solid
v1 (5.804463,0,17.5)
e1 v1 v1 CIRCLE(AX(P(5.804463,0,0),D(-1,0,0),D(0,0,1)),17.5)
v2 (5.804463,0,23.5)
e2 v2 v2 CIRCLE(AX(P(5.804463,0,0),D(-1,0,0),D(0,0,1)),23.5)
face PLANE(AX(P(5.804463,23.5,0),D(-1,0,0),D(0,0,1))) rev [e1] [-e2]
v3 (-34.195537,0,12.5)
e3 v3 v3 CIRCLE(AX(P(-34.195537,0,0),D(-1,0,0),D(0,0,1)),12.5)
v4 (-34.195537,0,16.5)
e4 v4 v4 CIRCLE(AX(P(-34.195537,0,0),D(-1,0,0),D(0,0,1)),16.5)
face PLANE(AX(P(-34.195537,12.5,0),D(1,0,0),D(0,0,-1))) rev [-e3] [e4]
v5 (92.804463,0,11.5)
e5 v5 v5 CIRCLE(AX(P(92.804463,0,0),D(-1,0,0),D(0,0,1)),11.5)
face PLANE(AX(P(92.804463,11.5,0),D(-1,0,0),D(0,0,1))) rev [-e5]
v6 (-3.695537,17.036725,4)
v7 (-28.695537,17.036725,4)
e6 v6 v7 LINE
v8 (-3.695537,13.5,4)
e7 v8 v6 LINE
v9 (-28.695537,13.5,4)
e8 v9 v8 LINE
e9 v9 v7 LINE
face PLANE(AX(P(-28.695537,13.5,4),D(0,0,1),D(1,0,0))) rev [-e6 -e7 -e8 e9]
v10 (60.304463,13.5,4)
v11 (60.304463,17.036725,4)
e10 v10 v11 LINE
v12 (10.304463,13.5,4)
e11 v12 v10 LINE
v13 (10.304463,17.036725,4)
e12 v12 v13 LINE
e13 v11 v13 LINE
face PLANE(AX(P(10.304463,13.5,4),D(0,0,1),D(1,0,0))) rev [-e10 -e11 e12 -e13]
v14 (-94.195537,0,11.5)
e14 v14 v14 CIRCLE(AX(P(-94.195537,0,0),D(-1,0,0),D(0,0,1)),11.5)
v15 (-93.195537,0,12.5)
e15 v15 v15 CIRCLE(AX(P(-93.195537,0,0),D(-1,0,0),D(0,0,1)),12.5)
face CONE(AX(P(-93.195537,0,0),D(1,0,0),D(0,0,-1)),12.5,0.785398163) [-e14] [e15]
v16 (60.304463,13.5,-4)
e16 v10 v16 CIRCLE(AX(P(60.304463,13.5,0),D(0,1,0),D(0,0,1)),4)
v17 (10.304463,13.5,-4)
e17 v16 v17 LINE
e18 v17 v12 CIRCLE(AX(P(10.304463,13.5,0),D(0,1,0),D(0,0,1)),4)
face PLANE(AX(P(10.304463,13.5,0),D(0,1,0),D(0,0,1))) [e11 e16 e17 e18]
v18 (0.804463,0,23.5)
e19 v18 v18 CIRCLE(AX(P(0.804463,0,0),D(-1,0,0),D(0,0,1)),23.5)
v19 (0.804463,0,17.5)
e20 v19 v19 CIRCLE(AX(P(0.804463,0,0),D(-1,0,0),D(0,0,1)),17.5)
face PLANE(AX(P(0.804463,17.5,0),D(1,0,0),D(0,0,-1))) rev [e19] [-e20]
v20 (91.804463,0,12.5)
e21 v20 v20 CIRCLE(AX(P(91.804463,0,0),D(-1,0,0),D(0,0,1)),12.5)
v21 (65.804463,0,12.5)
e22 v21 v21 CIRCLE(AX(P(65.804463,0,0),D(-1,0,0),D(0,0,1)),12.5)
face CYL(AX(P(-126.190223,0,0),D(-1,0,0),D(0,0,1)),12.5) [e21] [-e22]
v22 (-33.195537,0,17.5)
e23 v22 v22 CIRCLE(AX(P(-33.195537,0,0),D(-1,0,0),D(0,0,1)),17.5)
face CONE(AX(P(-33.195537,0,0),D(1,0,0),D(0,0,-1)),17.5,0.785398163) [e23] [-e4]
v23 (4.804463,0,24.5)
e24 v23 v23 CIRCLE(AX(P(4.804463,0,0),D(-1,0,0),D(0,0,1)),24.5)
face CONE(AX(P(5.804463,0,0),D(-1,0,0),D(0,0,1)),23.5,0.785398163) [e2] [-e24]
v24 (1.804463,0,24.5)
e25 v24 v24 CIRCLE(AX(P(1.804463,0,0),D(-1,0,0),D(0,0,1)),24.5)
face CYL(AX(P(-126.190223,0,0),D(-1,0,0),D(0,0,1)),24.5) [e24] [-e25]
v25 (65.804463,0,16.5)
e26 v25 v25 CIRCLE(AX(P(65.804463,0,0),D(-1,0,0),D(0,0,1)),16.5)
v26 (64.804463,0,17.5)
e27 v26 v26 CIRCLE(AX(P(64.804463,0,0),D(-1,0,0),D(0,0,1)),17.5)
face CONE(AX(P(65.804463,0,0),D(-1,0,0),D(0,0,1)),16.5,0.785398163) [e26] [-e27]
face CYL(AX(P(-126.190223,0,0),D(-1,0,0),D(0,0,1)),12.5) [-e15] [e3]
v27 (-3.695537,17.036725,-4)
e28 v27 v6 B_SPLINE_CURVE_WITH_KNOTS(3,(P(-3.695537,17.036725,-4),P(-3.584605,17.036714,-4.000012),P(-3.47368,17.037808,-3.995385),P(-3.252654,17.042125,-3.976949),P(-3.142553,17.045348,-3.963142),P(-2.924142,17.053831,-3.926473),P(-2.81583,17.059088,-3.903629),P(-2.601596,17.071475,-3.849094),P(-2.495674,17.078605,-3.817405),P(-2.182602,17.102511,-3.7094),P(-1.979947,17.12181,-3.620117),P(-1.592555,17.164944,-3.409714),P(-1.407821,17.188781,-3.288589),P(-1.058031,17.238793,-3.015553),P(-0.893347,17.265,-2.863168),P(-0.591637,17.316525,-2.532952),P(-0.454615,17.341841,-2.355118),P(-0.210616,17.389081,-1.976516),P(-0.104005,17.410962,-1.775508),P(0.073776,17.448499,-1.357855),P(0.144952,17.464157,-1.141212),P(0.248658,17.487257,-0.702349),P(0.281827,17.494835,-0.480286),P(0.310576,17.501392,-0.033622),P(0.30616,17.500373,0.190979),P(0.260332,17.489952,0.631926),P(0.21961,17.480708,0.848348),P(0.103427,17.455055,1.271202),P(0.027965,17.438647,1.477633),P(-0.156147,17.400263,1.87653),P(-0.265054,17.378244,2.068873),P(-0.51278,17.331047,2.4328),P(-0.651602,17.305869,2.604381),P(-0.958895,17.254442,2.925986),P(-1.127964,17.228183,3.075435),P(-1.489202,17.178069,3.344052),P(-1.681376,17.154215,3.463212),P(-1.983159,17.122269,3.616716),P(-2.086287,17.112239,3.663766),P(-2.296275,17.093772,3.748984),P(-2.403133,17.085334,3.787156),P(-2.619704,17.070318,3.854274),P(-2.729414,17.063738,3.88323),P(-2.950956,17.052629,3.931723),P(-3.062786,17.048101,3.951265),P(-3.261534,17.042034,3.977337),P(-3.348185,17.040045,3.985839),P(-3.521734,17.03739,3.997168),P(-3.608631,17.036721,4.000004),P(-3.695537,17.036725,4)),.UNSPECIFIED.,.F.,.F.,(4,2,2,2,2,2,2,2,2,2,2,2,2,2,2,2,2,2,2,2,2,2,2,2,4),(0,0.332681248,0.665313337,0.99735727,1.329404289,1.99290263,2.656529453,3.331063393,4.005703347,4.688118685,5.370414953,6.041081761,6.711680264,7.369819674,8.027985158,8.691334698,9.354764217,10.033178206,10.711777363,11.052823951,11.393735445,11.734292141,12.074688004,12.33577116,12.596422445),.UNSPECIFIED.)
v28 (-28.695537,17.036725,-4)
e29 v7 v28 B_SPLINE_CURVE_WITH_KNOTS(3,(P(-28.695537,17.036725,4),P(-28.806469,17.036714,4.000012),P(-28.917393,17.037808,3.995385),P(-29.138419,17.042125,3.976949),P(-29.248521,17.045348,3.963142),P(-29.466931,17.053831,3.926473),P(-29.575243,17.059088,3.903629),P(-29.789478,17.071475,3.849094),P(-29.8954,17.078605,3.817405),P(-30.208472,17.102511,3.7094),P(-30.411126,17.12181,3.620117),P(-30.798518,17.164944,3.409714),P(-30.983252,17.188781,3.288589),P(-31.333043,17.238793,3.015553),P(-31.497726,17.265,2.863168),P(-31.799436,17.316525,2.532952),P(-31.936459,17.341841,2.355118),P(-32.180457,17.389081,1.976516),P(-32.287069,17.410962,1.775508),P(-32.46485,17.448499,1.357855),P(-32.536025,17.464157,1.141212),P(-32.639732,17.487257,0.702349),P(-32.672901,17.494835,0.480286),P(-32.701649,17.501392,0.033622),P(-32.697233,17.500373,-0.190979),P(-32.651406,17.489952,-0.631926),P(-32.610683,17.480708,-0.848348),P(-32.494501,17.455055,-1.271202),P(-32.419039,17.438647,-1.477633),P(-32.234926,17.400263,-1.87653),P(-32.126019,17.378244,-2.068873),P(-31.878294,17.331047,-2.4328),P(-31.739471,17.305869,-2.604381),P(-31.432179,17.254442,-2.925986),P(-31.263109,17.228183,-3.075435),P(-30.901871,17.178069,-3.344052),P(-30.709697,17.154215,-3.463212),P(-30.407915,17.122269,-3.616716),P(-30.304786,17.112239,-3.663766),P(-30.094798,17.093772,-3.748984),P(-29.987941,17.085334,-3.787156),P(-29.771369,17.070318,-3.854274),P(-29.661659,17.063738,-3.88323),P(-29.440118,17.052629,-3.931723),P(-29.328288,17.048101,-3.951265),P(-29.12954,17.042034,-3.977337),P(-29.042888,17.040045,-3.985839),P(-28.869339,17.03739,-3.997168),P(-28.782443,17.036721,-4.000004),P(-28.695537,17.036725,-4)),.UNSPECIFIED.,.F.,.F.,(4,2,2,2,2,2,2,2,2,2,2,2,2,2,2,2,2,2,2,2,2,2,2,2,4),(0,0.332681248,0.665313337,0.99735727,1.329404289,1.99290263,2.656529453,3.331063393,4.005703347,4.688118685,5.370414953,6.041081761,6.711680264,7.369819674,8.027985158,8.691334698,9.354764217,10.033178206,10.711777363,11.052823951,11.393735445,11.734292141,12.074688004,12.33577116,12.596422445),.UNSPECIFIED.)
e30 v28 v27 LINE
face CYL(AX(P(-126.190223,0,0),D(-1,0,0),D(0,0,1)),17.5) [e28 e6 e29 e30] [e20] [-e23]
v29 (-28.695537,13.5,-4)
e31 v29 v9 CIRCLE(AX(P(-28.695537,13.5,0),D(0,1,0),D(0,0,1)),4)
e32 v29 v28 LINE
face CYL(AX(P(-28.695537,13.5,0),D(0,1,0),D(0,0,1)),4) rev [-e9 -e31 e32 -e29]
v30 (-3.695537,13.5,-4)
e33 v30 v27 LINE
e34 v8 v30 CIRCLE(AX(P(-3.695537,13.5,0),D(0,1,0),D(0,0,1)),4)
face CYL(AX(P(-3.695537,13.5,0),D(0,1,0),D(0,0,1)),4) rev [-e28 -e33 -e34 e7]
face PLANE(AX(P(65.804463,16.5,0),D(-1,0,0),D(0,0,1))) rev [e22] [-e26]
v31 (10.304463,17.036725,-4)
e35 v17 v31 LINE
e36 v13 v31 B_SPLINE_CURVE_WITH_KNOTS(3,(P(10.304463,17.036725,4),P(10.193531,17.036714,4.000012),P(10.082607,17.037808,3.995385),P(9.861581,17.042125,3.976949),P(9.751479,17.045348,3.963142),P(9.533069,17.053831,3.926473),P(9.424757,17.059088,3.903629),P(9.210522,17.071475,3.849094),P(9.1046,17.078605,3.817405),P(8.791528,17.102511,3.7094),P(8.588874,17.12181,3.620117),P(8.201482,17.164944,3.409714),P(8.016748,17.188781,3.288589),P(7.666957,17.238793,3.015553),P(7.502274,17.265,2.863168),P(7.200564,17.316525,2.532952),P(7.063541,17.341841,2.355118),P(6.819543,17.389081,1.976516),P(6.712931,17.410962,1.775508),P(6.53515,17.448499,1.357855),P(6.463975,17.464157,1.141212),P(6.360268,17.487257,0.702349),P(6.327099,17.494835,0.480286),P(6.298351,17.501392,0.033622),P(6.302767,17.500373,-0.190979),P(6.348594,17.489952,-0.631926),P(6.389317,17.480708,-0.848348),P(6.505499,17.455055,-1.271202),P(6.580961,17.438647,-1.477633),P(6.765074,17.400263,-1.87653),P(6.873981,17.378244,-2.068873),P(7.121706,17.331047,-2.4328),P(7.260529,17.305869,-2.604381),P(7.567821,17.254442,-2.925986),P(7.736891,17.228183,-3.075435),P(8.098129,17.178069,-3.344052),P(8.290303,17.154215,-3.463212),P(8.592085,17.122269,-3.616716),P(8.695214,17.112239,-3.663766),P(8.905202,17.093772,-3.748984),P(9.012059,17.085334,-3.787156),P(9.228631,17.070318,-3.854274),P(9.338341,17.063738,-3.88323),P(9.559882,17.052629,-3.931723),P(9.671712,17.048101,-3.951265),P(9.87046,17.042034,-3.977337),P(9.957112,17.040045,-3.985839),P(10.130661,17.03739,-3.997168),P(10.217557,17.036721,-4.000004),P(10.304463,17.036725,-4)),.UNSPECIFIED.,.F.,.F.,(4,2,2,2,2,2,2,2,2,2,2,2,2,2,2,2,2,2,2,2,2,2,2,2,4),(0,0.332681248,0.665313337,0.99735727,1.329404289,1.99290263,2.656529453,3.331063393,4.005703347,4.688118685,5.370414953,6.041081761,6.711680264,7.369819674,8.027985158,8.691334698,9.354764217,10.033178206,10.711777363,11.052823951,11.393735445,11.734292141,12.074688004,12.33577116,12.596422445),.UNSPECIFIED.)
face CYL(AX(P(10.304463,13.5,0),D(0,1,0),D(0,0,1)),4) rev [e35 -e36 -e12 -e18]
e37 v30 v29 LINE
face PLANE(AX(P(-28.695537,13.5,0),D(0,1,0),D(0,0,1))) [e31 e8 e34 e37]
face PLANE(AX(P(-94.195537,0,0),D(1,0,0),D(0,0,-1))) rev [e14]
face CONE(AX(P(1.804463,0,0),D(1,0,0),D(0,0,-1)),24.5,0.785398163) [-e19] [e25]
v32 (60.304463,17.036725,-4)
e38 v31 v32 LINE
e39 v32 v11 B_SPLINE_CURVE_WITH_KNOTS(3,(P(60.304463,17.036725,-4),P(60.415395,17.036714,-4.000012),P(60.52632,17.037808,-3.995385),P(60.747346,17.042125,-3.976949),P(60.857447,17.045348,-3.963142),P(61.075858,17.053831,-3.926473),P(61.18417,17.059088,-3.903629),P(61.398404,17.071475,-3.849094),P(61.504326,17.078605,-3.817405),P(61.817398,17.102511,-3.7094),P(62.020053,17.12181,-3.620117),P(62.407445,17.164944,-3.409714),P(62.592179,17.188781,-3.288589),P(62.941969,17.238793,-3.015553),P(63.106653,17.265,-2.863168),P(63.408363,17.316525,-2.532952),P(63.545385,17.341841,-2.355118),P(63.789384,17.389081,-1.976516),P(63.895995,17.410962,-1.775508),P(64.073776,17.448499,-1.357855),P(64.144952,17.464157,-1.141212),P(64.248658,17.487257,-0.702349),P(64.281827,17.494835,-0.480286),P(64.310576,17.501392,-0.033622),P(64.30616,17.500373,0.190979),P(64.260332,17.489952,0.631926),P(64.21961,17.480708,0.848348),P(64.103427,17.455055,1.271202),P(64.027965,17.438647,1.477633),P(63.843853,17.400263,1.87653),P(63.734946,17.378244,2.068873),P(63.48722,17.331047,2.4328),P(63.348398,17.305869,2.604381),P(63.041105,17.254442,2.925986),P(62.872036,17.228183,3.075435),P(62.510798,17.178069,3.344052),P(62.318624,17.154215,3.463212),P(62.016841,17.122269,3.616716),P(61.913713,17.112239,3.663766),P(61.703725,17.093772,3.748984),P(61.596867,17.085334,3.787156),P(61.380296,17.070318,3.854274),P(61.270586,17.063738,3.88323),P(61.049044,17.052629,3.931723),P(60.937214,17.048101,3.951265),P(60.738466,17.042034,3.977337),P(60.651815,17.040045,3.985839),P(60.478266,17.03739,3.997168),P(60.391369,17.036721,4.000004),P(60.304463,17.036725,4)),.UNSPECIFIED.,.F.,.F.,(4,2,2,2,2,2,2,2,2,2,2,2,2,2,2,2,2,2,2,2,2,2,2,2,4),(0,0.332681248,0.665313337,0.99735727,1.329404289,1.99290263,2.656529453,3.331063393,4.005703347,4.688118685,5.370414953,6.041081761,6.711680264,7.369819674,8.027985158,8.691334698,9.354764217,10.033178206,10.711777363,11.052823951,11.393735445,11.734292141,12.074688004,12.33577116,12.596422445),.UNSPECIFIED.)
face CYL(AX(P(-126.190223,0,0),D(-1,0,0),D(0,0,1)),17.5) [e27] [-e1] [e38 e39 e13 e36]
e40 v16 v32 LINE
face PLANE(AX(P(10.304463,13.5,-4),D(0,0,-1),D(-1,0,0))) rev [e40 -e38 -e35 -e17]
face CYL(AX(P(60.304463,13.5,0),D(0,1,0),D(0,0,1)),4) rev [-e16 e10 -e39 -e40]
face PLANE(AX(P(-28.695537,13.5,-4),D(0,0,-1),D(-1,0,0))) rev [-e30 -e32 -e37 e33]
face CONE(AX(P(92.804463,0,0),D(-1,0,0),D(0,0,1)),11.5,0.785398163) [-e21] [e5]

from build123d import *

# Parameters (mm, degrees)
CUT_EXTRUDE1_DEPTH = 4
CUT_EXTRUDE2_DEPTH = 4


with BuildPart() as part:
    # Sketch1 → Revolve1 (revolve)
    with BuildSketch(Plane.XY, mode=Mode.PRIVATE) as revolve1_sk:
        Polygon((-94.195536663, 0), (-94.195536663, 11.5), (-93.195536663, 12.5), (-34.195536663, 12.5), (-34.195536663, 16.5), (-33.195536663, 17.5), (0.804463337, 17.5), (0.804463337, 23.5), (1.804463337, 24.5), (4.804463337, 24.5), (5.804463337, 23.5), (5.804463337, 17.5), (64.804463337, 17.5), (65.804463337, 16.5), (65.804463337, 12.5), (91.804463337, 12.5), (92.804463337, 11.5), (92.804463337, 0), align=None)
    revolve(revolve1_sk.sketch.rotate(Axis((-126.190223167, 0, 0), (1, 0, 0)), 90), axis=Axis((-126.190223167, 0, 0), (1, 0, 0)))

    # Sketch2 → Cut-Extrude1 (cut)
    with BuildSketch(Plane(origin=(0, 17.5, 0), x_dir=(1, 0, 0), z_dir=(0, 1, 0))):
        with BuildLine():
            Line((-28.695536663, 4), (-3.695536663, 4))
            ThreePointArc((-3.695536663, 4), (0.304463337, 0), (-3.695536663, -4))
            Line((-3.695536663, -4), (-28.695536663, -4))
            ThreePointArc((-28.695536663, -4), (-32.695536663, 0), (-28.695536663, 4))
        make_face()
    extrude(amount=-CUT_EXTRUDE1_DEPTH, mode=Mode.SUBTRACT)

    # Sketch3 → Cut-Extrude2 (cut)
    with BuildSketch(Plane(origin=(0, 17.5, 0), x_dir=(1, 0, 0), z_dir=(0, 1, 0))):
        with BuildLine():
            Line((10.304463337, 4), (60.304463337, 4))
            ThreePointArc((60.304463337, 4), (64.304463337, 0), (60.304463337, -4))
            Line((60.304463337, -4), (10.304463337, -4))
            ThreePointArc((10.304463337, -4), (6.304463337, 0), (10.304463337, 4))
        make_face()
    extrude(amount=-CUT_EXTRUDE2_DEPTH, mode=Mode.SUBTRACT)


solid = part.part
